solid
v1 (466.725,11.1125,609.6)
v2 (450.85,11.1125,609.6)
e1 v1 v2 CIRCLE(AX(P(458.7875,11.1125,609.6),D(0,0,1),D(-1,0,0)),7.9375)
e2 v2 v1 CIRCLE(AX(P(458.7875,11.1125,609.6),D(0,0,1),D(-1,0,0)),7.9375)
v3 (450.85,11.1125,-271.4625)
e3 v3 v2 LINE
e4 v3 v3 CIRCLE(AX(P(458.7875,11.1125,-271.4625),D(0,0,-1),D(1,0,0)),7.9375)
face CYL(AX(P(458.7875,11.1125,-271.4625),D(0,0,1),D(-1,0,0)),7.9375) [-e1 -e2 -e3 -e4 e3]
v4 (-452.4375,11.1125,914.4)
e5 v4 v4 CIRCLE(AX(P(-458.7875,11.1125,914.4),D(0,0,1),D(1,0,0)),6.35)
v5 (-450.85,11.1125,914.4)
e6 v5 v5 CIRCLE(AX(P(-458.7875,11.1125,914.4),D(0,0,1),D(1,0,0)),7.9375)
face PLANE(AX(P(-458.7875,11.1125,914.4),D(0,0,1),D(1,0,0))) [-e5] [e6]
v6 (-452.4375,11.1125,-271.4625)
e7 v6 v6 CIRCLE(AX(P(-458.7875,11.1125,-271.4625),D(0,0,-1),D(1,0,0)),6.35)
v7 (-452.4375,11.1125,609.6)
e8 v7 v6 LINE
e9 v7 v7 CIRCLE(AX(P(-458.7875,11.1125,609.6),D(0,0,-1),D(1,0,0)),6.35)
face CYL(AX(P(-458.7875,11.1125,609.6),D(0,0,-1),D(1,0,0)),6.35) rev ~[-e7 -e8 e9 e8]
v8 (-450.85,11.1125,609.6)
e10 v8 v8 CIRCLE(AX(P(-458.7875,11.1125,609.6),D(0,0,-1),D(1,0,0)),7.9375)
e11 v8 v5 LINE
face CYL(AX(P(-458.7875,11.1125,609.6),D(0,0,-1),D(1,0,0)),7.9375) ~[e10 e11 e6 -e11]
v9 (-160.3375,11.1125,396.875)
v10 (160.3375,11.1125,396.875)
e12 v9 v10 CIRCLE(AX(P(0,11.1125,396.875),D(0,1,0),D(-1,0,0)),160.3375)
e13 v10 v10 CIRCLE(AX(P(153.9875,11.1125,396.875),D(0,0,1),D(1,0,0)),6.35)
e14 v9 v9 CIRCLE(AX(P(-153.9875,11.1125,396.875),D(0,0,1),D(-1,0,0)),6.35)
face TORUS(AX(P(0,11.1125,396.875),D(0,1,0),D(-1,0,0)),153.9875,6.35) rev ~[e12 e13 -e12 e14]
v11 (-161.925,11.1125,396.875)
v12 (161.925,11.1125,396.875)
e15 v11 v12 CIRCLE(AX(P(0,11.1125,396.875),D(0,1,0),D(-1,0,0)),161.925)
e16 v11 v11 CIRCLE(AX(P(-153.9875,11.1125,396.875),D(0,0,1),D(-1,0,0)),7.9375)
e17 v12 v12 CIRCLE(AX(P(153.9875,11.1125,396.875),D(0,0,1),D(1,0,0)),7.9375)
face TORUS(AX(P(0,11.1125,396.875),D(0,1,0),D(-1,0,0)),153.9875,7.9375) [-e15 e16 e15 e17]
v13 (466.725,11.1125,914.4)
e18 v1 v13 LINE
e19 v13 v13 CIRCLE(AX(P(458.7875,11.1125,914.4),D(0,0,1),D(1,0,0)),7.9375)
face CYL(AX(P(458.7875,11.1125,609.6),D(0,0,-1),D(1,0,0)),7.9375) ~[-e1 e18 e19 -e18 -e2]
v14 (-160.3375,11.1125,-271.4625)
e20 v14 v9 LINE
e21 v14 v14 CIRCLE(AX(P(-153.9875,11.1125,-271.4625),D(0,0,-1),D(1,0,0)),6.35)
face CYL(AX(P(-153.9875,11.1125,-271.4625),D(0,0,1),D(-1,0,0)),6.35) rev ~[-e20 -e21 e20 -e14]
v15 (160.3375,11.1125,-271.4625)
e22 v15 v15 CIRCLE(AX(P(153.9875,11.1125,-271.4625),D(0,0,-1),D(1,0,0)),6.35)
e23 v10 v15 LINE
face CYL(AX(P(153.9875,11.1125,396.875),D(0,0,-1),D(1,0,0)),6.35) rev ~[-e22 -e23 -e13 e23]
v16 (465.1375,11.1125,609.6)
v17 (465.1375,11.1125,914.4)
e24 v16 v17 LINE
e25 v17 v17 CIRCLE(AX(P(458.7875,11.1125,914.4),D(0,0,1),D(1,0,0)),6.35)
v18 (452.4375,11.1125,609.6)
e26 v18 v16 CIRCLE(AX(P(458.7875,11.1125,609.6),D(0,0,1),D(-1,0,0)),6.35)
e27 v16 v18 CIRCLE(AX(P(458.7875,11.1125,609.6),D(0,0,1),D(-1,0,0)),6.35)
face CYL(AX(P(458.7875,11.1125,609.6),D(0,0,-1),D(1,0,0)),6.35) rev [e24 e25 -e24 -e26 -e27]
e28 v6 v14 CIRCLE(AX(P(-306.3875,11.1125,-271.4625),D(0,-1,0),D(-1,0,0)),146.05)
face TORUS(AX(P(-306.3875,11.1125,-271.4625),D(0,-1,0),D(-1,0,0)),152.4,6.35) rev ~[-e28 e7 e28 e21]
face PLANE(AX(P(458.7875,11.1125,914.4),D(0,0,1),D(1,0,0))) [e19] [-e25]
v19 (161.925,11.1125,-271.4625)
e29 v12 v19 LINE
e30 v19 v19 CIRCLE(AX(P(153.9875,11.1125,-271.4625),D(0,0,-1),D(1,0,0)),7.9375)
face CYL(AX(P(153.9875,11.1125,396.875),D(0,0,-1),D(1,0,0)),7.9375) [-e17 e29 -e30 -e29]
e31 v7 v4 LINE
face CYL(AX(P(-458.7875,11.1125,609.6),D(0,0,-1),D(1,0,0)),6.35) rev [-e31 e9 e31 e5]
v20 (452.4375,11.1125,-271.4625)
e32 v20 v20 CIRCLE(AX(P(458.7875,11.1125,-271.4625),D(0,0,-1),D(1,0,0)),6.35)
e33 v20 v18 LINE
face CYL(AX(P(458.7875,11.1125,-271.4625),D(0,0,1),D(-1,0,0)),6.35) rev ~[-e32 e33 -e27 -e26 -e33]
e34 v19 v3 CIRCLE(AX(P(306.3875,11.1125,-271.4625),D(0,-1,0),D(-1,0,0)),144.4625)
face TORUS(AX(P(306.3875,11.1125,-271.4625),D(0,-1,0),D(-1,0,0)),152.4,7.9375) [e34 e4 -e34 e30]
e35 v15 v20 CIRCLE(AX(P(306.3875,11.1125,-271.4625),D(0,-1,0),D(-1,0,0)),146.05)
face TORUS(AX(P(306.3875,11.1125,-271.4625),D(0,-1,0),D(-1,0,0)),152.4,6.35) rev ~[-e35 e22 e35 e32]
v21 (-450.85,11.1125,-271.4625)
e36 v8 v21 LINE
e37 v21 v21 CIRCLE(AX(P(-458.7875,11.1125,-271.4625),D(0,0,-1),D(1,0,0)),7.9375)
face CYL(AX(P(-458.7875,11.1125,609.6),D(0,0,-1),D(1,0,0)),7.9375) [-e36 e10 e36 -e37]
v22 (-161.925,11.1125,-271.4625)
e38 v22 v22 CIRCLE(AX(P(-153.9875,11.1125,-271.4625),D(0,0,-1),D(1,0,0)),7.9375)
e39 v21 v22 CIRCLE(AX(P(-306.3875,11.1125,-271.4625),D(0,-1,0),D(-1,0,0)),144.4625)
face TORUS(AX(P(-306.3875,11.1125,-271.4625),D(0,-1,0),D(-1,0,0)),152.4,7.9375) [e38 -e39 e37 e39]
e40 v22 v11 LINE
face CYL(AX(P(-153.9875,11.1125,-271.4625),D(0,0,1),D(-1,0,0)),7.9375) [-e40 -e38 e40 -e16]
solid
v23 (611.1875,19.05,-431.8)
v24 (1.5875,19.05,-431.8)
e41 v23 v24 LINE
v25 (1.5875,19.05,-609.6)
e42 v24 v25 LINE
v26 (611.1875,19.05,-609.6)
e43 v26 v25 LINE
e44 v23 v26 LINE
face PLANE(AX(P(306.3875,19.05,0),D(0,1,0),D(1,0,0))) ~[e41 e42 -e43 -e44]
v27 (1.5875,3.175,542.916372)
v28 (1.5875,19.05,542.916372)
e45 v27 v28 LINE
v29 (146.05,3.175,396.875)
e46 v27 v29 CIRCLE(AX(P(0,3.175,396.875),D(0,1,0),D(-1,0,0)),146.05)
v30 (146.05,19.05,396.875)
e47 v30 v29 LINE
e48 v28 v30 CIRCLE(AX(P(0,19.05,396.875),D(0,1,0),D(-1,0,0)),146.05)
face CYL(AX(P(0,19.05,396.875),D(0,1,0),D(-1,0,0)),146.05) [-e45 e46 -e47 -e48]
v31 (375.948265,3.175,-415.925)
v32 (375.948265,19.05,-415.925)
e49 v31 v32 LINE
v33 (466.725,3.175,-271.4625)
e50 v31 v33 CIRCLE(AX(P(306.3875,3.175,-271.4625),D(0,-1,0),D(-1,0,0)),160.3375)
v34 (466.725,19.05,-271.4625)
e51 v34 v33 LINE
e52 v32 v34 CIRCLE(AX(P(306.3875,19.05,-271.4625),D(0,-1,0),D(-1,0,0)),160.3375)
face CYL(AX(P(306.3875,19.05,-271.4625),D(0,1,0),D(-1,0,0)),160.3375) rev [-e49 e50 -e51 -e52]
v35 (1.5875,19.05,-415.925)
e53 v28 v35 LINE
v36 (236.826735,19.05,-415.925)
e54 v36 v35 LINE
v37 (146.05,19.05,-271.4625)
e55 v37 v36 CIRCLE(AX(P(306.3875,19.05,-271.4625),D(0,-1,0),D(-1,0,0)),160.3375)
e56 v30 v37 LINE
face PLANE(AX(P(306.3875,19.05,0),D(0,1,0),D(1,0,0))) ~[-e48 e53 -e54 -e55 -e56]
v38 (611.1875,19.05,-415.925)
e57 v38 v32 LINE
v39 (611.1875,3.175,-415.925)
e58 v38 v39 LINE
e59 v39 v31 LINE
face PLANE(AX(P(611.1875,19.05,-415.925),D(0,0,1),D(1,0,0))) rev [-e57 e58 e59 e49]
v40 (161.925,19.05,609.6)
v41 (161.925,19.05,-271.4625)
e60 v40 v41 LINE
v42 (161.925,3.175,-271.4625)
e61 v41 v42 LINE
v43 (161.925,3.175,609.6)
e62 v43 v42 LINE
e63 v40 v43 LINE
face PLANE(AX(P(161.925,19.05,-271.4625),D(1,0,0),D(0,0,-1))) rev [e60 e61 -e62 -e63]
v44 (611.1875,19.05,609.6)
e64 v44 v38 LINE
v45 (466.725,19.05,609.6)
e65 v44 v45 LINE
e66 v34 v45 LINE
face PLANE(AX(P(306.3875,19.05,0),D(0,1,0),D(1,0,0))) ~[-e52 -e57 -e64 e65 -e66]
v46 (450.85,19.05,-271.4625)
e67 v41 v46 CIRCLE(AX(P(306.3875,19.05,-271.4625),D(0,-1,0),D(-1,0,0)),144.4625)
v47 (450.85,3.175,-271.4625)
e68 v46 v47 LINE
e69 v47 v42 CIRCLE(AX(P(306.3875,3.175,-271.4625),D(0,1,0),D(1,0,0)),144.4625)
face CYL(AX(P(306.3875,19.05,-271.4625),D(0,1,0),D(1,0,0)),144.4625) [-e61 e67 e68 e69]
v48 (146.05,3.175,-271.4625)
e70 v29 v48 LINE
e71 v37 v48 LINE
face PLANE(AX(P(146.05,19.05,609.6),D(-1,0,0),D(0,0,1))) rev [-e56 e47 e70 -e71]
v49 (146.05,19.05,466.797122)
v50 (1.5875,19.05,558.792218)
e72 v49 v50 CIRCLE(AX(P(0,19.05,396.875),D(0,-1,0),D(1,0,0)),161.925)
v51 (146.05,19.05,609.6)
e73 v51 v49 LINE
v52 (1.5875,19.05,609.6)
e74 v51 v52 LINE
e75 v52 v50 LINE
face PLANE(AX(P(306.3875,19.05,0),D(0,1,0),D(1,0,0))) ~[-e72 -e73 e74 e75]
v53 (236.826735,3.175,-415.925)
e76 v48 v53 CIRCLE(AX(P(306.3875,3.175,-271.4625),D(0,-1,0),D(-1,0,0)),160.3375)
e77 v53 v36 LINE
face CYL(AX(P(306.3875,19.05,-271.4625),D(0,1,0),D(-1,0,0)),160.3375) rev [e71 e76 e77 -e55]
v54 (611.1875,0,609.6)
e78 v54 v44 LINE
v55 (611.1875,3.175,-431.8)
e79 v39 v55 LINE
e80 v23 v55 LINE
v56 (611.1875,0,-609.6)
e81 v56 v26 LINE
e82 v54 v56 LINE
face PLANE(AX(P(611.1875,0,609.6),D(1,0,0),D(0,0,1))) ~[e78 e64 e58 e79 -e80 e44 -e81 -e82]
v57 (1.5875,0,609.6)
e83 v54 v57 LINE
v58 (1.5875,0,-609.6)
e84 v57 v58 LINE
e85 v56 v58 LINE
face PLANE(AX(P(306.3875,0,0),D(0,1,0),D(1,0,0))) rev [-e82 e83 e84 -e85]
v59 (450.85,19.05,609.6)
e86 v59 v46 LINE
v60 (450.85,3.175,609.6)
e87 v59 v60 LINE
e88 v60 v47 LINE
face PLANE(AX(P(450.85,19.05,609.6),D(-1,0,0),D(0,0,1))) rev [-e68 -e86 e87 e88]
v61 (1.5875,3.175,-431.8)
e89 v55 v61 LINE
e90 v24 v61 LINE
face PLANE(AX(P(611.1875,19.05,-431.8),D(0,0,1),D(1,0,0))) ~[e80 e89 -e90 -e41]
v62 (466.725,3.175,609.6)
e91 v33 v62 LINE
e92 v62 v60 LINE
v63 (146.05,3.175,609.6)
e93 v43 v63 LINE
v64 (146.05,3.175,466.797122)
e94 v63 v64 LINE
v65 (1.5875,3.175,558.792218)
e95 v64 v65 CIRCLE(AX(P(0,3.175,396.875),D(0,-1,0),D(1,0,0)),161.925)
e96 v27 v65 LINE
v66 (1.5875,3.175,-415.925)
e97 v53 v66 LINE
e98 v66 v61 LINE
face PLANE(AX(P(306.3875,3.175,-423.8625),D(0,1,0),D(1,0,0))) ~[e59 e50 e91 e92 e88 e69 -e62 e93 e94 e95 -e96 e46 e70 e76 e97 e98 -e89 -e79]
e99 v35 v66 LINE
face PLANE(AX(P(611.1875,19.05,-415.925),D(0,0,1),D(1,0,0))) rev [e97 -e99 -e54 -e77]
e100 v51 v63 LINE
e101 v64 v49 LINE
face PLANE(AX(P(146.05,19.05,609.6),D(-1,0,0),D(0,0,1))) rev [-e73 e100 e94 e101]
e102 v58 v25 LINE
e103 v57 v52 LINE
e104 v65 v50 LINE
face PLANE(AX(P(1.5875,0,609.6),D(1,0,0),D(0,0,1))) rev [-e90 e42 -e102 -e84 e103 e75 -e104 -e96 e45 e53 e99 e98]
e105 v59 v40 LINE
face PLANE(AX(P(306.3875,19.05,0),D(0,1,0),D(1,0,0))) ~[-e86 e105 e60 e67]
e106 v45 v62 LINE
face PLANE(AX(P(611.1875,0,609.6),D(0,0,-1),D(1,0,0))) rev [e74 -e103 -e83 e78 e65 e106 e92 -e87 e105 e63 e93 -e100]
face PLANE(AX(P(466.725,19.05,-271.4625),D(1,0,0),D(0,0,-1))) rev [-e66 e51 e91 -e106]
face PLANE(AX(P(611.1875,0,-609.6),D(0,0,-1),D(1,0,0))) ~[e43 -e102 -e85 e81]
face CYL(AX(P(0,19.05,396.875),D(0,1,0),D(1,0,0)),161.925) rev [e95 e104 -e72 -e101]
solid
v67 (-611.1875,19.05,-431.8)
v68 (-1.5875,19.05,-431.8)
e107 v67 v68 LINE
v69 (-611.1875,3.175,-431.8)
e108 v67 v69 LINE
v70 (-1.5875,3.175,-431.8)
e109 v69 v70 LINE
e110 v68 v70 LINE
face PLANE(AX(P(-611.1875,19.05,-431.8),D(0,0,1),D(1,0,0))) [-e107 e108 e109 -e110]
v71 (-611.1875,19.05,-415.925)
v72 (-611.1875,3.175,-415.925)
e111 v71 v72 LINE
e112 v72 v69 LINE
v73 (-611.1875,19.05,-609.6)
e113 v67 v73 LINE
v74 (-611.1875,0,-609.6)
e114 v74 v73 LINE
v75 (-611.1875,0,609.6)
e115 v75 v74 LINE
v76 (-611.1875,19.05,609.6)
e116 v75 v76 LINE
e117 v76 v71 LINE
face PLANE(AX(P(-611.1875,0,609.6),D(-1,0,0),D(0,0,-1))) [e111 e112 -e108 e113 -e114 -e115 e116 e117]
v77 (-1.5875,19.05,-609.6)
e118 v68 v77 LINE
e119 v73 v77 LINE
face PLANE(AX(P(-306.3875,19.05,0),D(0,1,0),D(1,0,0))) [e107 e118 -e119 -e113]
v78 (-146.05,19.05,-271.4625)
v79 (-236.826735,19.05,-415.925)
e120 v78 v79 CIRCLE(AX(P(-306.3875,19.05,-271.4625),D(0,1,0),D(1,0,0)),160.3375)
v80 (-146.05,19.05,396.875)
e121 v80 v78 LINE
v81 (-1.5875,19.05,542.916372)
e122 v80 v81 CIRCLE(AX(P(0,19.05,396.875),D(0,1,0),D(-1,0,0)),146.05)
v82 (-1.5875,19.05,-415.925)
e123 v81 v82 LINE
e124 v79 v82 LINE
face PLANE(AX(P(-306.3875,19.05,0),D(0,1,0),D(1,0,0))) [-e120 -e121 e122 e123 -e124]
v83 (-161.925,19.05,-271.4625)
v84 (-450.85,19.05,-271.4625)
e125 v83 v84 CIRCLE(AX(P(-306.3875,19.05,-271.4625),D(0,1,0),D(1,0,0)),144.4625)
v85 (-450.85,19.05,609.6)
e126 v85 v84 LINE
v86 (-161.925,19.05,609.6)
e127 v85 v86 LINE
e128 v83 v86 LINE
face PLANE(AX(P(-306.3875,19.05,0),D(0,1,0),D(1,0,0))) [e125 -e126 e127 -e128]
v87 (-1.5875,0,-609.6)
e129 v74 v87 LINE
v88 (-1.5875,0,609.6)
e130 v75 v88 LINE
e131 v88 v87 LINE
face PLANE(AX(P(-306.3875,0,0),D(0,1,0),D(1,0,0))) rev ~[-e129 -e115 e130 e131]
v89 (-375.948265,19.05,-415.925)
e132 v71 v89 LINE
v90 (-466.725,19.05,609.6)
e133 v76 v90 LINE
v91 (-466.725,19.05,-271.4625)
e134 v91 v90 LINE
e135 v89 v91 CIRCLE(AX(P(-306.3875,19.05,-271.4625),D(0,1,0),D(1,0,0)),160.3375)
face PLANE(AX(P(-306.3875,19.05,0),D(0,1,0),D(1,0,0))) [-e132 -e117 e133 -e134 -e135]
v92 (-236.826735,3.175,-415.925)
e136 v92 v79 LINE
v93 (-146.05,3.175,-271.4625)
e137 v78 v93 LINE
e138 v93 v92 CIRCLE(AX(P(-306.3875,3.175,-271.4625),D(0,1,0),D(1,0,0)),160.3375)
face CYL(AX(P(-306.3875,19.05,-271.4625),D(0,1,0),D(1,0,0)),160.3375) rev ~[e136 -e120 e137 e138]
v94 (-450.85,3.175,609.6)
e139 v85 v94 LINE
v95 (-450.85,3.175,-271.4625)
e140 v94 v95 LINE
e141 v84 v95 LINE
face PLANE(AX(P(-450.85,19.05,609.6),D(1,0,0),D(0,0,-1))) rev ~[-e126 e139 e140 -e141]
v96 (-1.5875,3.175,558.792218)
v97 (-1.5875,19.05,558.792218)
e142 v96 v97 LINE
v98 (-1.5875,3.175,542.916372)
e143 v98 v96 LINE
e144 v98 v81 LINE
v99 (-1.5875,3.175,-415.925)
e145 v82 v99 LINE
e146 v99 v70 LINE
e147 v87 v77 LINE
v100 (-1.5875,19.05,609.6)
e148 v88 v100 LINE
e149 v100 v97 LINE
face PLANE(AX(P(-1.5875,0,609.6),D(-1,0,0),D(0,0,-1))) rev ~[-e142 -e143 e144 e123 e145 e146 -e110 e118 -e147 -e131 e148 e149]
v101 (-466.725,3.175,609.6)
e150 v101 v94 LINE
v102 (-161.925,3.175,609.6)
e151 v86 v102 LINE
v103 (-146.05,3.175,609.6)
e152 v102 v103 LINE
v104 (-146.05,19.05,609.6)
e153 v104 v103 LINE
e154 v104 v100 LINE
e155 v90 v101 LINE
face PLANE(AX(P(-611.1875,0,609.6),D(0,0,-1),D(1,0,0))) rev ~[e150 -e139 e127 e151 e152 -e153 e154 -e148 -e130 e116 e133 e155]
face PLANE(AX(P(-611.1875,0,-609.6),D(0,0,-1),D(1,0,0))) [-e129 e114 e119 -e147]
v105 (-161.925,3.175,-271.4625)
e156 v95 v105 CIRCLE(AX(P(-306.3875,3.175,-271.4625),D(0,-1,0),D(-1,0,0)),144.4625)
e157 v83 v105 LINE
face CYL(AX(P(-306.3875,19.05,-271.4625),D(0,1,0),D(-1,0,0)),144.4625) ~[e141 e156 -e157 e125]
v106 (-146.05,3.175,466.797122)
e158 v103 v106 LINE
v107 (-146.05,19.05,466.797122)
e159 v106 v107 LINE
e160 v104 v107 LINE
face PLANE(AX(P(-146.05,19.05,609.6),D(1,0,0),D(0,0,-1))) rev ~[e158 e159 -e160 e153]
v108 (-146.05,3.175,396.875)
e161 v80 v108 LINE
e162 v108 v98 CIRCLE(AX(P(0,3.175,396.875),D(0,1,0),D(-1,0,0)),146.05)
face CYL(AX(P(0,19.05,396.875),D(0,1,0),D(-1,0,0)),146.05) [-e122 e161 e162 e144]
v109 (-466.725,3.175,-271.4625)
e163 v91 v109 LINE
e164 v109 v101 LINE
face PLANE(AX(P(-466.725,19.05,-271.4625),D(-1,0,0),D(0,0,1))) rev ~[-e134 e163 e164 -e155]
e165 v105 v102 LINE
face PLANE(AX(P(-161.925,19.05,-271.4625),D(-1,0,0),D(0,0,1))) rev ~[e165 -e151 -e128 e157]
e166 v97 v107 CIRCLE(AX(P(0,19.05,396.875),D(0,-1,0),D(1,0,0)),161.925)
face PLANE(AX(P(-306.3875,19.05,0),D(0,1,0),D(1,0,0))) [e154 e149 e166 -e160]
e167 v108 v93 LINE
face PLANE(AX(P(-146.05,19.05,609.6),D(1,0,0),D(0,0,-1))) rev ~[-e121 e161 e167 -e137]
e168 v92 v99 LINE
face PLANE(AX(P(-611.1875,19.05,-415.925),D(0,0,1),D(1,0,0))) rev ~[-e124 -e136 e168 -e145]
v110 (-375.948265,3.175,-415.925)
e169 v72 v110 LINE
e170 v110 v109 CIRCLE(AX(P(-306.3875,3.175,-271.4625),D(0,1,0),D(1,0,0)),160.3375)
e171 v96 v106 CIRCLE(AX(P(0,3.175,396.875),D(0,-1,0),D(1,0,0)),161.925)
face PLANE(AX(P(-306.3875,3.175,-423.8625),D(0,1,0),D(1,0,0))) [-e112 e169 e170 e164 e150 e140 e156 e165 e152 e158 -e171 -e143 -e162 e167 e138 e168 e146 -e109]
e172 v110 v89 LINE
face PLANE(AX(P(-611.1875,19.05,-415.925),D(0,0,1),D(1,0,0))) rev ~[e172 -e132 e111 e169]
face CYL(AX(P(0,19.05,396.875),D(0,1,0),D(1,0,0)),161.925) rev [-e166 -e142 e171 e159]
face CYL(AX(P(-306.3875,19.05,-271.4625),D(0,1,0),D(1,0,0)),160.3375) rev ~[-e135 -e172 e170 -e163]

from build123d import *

# Parameters (mm, degrees)
SKETCH1_W           = 609.6
SKETCH1_H           = 1219.2
BOSS_EXTRUDE1_DEPTH = 19.05
CUT_EXTRUDE1_DEPTH  = 15.875
SKETCH3_W           = 609.6
SKETCH3_H           = 15.875
CUT_EXTRUDE2_DEPTH  = 15.875
CUT_EXTRUDE3_DEPTH  = 15.875
SKETCH6_R           = 7.9375
SKETCH6_R_2         = 6.35
SKETCH8_R           = 7.9375
SKETCH8_R_2         = 6.35
BOSS_EXTRUDE2_DEPTH = 304.8


with BuildPart() as part:
    # Sketch1 → Boss-Extrude1 (new body)
    with BuildSketch(Plane(origin=(0, 0, 0), x_dir=(1, 0, 0), z_dir=(0, 1, 0))):
        with Locations((-306.3875, 0)):
            Rectangle(SKETCH1_W, SKETCH1_H)
    extrude(amount=BOSS_EXTRUDE1_DEPTH)

    # Sketch2 → Cut-Extrude1 (cut)
    with BuildSketch(Plane(origin=(0, 19.05, 0), x_dir=(1, 0, 0), z_dir=(0, 1, 0))):
        with BuildLine():
            Line((-466.725, -609.6), (-450.85, -609.6))
            Line((-450.85, -609.6), (-450.85, 271.4625))
            ThreePointArc((-450.85, 271.4625), (-306.3875, 415.925), (-161.925, 271.4625))
            Line((-161.925, 271.4625), (-161.925, -609.6))
            Line((-161.925, -609.6), (-146.05, -609.6))
            Line((-146.05, -609.6), (-146.05, 271.4625))
            ThreePointArc((-146.05, 271.4625), (-306.3875, 431.8), (-466.725, 271.4625))
            Line((-466.725, 271.4625), (-466.725, -609.6))
        make_face()
    extrude(amount=-CUT_EXTRUDE1_DEPTH, mode=Mode.SUBTRACT)

    # Sketch3 → Cut-Extrude2 (cut)
    with BuildSketch(Plane(origin=(0, 19.05, 0), x_dir=(1, 0, 0), z_dir=(0, 1, 0))):
        with Locations((-306.3875, 423.8625)):
            Rectangle(SKETCH3_W, SKETCH3_H)
    extrude(amount=-CUT_EXTRUDE2_DEPTH, mode=Mode.SUBTRACT)


with BuildPart() as body_2:
    # Mirror3: mirrored copy
    add(part.part.mirror(Plane(origin=(0, 0, 0), x_dir=(0, 0, 1), z_dir=(1, 0, 0))))


with BuildPart() as cut_extrude3_tool:
    # Sketch5 → Cut-Extrude3 (new body)
    with BuildSketch(Plane(origin=(0, 19.05, 0), x_dir=(1, 0, 0), z_dir=(0, 1, 0))):
        with BuildLine():
            Line((-161.925, -396.875), (-146.05, -396.875))
            ThreePointArc((-146.05, -396.875), (0, -542.925), (146.05, -396.875))
            Line((146.05, -396.875), (161.925, -396.875))
            ThreePointArc((161.925, -396.875), (0, -558.8), (-161.925, -396.875))
        make_face()
    extrude(amount=-CUT_EXTRUDE3_DEPTH)


with BuildPart() as part_1:
    add(part.part)

    # Cut-Extrude3: cut by cut_extrude3_tool
    add(cut_extrude3_tool.part, mode=Mode.SUBTRACT)


with BuildPart() as body_2_1:
    add(body_2.part)

    # Cut-Extrude3: cut by cut_extrude3_tool
    add(cut_extrude3_tool.part, mode=Mode.SUBTRACT)


with BuildPart() as body_3:
    # Sweep1: sweep along a path in Sketch7
    with BuildLine(Plane(origin=(0, 11.1125, 0), x_dir=(1, 0, 0), z_dir=(0, 1, 0))) as sweep1_path:
        Line((-458.7875, -609.6), (-458.7875, 271.4625))
        ThreePointArc((-458.7875, 271.4625), (-306.3875, 423.8625), (-153.9875, 271.4625))
        Line((-153.9875, 271.4625), (-153.9875, -396.875))
        ThreePointArc((-153.9875, -396.875), (0, -550.8625), (153.9875, -396.875))
        Line((153.9875, -396.875), (153.9875, 271.4625))
        ThreePointArc((153.9875, 271.4625), (306.3875, 423.8625), (458.7875, 271.4625))
        Line((458.7875, 271.4625), (458.7875, -609.6))
    # Sketch6 → Sweep1 (sweep)
    with BuildSketch(Plane.XY.offset(609.6)):
        with Locations((-458.7875, 11.1125)):
            Circle(SKETCH6_R)
        with Locations((-458.7875, 11.1125)):
            Circle(SKETCH6_R_2, mode=Mode.SUBTRACT)
    sweep(path=sweep1_path.line)

    # Sketch8 → Boss-Extrude2 (add)
    # profile 1 of 2: a face of its own
    with BuildSketch(Plane.XY.offset(609.6)):
        with Locations((-458.7875, 11.1125)):
            Circle(SKETCH8_R)
        with Locations((-458.7875, 11.1125)):
            Circle(SKETCH8_R_2, mode=Mode.SUBTRACT)
    # profile 2 of 2: a face of its own
    with BuildSketch(Plane.XY.offset(609.6)):
        with Locations((458.7875, 11.1125)):
            Circle(SKETCH8_R)
        with Locations((458.7875, 11.1125)):
            Circle(SKETCH8_R_2, mode=Mode.SUBTRACT)
    extrude(amount=BOSS_EXTRUDE2_DEPTH)


solid = Compound([part_1.part, body_2_1.part, body_3.part])
